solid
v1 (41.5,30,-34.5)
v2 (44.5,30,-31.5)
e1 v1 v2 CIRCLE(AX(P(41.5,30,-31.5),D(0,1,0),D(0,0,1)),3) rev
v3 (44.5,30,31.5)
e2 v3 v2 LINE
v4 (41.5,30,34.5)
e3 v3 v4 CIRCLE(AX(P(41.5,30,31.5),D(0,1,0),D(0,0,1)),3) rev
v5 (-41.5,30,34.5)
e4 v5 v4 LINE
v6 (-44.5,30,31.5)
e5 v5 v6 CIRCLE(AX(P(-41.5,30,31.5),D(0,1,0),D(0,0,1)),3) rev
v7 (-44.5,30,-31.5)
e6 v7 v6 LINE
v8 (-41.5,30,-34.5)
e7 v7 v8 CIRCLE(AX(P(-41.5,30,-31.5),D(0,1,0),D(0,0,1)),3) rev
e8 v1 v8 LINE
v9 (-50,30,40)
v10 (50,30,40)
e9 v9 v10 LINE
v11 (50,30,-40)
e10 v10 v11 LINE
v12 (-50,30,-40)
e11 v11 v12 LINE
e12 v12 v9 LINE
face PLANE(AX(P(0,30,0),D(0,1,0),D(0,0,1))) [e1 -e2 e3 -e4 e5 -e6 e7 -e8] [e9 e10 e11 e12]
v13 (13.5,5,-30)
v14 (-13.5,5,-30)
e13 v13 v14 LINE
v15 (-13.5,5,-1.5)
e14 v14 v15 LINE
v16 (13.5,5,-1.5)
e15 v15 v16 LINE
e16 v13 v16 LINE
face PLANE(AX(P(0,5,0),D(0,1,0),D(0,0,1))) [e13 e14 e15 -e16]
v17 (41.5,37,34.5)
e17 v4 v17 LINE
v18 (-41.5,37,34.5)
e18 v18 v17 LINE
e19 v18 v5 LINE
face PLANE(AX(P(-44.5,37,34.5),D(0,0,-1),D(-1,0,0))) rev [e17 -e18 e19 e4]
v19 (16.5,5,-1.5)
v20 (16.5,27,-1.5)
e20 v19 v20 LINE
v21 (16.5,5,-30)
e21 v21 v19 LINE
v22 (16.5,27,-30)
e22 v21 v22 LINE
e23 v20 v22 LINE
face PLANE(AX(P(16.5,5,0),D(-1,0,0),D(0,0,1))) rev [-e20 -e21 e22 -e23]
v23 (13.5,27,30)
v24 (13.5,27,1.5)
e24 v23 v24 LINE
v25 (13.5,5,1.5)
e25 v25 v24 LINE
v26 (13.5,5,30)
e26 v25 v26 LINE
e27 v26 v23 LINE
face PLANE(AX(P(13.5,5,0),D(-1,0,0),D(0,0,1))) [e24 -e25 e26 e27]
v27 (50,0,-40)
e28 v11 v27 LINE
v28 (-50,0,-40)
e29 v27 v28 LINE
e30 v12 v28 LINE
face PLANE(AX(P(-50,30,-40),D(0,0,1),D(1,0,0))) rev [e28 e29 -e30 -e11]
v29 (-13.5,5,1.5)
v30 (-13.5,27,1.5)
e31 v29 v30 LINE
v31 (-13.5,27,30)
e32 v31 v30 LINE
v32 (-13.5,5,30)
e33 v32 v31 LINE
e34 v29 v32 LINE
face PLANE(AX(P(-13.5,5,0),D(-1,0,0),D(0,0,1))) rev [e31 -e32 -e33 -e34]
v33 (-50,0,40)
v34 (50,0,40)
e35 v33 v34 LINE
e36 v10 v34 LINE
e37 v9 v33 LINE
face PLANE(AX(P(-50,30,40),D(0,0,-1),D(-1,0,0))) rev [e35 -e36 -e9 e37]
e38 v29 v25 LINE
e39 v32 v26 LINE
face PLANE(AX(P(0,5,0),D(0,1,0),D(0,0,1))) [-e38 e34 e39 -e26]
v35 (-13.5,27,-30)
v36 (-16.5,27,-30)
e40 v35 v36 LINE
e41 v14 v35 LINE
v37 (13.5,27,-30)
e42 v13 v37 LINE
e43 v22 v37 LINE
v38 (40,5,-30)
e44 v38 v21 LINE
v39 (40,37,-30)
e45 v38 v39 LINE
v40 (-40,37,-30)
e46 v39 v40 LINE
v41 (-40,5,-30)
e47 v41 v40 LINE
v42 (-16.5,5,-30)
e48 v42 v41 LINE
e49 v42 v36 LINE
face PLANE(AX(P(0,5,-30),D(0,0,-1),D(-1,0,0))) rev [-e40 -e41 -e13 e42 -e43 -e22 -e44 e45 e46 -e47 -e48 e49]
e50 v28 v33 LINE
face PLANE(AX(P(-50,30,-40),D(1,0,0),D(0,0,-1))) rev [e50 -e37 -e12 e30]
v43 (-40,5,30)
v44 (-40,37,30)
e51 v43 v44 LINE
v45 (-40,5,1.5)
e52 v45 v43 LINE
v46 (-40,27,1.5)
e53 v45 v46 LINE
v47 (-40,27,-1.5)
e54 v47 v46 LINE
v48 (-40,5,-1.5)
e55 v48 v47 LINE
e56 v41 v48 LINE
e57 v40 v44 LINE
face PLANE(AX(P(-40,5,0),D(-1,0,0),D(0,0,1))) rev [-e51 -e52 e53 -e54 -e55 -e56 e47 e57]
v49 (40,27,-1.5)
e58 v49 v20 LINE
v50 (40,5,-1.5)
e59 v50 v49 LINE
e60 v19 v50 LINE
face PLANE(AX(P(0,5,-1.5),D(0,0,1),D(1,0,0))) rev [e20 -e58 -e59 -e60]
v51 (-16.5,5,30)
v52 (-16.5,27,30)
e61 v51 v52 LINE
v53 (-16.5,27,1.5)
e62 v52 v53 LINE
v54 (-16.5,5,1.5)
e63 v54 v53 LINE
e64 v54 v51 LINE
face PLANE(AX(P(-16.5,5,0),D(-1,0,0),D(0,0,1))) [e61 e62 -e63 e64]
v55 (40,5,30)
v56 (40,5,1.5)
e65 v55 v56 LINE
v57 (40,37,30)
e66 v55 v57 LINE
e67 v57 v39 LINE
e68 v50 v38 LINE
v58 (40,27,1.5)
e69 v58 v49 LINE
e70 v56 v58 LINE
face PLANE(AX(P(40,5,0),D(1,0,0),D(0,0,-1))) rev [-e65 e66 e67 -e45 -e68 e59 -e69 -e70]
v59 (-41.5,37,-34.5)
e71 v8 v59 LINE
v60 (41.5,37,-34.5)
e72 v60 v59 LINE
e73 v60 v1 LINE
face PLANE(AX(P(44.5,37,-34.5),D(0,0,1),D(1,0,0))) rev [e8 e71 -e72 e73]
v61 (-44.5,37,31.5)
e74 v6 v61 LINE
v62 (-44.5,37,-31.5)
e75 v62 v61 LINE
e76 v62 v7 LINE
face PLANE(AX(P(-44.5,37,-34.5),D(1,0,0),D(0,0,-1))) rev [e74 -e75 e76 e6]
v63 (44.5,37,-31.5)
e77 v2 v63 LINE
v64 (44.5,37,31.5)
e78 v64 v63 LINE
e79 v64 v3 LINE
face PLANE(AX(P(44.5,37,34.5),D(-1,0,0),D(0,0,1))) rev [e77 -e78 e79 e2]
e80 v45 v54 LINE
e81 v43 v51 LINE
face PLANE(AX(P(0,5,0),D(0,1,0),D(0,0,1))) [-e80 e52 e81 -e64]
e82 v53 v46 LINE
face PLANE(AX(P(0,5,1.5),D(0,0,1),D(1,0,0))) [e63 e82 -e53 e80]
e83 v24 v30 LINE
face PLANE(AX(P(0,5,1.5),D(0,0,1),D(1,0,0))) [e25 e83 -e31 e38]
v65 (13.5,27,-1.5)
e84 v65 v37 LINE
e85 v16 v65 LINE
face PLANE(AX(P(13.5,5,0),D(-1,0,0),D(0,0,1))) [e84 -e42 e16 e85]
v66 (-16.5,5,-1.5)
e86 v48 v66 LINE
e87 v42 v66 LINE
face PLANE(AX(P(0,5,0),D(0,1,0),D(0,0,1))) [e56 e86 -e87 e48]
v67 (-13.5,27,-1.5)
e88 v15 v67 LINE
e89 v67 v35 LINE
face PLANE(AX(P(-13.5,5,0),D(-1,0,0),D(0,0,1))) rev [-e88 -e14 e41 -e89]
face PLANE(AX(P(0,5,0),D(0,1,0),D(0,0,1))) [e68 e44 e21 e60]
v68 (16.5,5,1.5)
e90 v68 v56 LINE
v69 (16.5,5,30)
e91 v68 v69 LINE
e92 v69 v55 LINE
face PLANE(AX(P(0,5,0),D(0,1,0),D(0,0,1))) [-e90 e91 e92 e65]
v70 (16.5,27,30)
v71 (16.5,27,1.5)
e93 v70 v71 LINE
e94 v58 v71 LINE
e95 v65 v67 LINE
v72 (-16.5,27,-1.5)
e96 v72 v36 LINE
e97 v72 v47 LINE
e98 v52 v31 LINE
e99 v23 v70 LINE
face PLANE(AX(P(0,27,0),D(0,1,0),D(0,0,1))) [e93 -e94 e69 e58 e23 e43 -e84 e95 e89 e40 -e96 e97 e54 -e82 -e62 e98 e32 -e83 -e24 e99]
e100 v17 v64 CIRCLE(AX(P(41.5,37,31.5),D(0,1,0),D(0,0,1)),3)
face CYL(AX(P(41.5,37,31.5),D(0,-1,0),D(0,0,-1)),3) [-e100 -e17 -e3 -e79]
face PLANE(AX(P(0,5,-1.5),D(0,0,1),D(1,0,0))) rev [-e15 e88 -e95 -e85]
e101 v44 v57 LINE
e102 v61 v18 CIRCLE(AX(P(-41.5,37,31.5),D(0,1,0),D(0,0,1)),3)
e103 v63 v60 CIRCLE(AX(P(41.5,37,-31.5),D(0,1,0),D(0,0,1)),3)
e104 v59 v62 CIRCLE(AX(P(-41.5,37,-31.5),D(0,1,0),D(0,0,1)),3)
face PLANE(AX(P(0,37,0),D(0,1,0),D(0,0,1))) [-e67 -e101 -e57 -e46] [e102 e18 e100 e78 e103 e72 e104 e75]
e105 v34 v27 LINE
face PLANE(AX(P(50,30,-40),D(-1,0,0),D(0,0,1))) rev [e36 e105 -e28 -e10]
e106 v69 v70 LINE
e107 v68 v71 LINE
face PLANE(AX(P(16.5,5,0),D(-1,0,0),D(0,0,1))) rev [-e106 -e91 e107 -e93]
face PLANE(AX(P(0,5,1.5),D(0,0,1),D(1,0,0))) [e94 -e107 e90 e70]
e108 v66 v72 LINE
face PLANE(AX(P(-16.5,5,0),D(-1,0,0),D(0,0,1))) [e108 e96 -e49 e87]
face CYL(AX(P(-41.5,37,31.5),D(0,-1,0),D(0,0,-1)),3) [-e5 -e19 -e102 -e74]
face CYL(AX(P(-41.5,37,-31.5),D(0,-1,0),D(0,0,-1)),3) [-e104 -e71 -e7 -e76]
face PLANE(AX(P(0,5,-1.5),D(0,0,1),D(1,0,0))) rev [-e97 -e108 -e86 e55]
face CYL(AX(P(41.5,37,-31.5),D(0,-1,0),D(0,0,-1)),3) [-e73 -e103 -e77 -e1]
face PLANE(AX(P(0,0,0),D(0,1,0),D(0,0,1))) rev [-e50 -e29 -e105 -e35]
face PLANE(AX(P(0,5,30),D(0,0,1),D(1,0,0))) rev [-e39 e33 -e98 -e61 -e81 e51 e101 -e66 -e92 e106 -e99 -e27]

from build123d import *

# Parameters (mm, degrees)
SKETCH1_W           = 100
SKETCH1_H           = 80
BOSS_EXTRUDE1_DEPTH = 30
SKETCH2_W           = 23.5
SKETCH2_H           = 28.5
SKETCH2_W_2         = 27
CUT_EXTRUDE1_DEPTH  = 25
SKETCH3_W           = 80
SKETCH3_H           = 60
CUT_EXTRUDE2_DEPTH  = 3
SKETCH5_W           = 89
SKETCH5_H           = 69
SKETCH5_W_2         = 80
SKETCH5_H_2         = 60
BOSS_EXTRUDE2_DEPTH = 7
FILLET1_R           = 3


with BuildPart() as part:
    # Sketch1 → Boss-Extrude1 (new body)
    with BuildSketch(Plane(origin=(0, 0, 0), x_dir=(1, 0, 0), z_dir=(0, 1, 0))):
        Rectangle(SKETCH1_W, SKETCH1_H)
    extrude(amount=BOSS_EXTRUDE1_DEPTH)

    # Sketch2 → Cut-Extrude1 (cut)
    with BuildSketch(Plane(origin=(0, 30, 0), x_dir=(1, 0, 0), z_dir=(0, 1, 0))):
        with Locations((-28.25, 15.75)):
            Rectangle(SKETCH2_W, SKETCH2_H)
        with Locations((0, 15.75)):
            Rectangle(SKETCH2_W_2, SKETCH2_H)
        with Locations((28.25, 15.75)):
            Rectangle(SKETCH2_W, SKETCH2_H)
        with Locations((28.25, -15.75)):
            Rectangle(SKETCH2_W, SKETCH2_H)
        with Locations((0, -15.75)):
            Rectangle(SKETCH2_W_2, SKETCH2_H)
        with Locations((-28.25, -15.75)):
            Rectangle(SKETCH2_W, SKETCH2_H)
    extrude(amount=-CUT_EXTRUDE1_DEPTH, mode=Mode.SUBTRACT)

    # Sketch3 → Cut-Extrude2 (cut)
    with BuildSketch(Plane(origin=(0, 30, 0), x_dir=(1, 0, 0), z_dir=(0, 1, 0))):
        Rectangle(SKETCH3_W, SKETCH3_H)
    extrude(amount=-CUT_EXTRUDE2_DEPTH, mode=Mode.SUBTRACT)

    # Sketch5 → Boss-Extrude2 (add)
    with BuildSketch(Plane(origin=(0, 30, 0), x_dir=(1, 0, 0), z_dir=(0, 1, 0))):
        Rectangle(SKETCH5_W, SKETCH5_H)
        Rectangle(SKETCH5_W_2, SKETCH5_H_2, mode=Mode.SUBTRACT)
    extrude(amount=BOSS_EXTRUDE2_DEPTH)

    # Fillet1
    fillet1_edges = [part.edges().sort_by_distance(p)[0] for p in [
        (-44.5, 33.5, -34.5),
        (-44.5, 33.5, 34.5),
        (44.5, 33.5, 34.5),
        (44.5, 33.5, -34.5),
    ]]
    fillet(fillet1_edges, radius=FILLET1_R)


solid = part.part
